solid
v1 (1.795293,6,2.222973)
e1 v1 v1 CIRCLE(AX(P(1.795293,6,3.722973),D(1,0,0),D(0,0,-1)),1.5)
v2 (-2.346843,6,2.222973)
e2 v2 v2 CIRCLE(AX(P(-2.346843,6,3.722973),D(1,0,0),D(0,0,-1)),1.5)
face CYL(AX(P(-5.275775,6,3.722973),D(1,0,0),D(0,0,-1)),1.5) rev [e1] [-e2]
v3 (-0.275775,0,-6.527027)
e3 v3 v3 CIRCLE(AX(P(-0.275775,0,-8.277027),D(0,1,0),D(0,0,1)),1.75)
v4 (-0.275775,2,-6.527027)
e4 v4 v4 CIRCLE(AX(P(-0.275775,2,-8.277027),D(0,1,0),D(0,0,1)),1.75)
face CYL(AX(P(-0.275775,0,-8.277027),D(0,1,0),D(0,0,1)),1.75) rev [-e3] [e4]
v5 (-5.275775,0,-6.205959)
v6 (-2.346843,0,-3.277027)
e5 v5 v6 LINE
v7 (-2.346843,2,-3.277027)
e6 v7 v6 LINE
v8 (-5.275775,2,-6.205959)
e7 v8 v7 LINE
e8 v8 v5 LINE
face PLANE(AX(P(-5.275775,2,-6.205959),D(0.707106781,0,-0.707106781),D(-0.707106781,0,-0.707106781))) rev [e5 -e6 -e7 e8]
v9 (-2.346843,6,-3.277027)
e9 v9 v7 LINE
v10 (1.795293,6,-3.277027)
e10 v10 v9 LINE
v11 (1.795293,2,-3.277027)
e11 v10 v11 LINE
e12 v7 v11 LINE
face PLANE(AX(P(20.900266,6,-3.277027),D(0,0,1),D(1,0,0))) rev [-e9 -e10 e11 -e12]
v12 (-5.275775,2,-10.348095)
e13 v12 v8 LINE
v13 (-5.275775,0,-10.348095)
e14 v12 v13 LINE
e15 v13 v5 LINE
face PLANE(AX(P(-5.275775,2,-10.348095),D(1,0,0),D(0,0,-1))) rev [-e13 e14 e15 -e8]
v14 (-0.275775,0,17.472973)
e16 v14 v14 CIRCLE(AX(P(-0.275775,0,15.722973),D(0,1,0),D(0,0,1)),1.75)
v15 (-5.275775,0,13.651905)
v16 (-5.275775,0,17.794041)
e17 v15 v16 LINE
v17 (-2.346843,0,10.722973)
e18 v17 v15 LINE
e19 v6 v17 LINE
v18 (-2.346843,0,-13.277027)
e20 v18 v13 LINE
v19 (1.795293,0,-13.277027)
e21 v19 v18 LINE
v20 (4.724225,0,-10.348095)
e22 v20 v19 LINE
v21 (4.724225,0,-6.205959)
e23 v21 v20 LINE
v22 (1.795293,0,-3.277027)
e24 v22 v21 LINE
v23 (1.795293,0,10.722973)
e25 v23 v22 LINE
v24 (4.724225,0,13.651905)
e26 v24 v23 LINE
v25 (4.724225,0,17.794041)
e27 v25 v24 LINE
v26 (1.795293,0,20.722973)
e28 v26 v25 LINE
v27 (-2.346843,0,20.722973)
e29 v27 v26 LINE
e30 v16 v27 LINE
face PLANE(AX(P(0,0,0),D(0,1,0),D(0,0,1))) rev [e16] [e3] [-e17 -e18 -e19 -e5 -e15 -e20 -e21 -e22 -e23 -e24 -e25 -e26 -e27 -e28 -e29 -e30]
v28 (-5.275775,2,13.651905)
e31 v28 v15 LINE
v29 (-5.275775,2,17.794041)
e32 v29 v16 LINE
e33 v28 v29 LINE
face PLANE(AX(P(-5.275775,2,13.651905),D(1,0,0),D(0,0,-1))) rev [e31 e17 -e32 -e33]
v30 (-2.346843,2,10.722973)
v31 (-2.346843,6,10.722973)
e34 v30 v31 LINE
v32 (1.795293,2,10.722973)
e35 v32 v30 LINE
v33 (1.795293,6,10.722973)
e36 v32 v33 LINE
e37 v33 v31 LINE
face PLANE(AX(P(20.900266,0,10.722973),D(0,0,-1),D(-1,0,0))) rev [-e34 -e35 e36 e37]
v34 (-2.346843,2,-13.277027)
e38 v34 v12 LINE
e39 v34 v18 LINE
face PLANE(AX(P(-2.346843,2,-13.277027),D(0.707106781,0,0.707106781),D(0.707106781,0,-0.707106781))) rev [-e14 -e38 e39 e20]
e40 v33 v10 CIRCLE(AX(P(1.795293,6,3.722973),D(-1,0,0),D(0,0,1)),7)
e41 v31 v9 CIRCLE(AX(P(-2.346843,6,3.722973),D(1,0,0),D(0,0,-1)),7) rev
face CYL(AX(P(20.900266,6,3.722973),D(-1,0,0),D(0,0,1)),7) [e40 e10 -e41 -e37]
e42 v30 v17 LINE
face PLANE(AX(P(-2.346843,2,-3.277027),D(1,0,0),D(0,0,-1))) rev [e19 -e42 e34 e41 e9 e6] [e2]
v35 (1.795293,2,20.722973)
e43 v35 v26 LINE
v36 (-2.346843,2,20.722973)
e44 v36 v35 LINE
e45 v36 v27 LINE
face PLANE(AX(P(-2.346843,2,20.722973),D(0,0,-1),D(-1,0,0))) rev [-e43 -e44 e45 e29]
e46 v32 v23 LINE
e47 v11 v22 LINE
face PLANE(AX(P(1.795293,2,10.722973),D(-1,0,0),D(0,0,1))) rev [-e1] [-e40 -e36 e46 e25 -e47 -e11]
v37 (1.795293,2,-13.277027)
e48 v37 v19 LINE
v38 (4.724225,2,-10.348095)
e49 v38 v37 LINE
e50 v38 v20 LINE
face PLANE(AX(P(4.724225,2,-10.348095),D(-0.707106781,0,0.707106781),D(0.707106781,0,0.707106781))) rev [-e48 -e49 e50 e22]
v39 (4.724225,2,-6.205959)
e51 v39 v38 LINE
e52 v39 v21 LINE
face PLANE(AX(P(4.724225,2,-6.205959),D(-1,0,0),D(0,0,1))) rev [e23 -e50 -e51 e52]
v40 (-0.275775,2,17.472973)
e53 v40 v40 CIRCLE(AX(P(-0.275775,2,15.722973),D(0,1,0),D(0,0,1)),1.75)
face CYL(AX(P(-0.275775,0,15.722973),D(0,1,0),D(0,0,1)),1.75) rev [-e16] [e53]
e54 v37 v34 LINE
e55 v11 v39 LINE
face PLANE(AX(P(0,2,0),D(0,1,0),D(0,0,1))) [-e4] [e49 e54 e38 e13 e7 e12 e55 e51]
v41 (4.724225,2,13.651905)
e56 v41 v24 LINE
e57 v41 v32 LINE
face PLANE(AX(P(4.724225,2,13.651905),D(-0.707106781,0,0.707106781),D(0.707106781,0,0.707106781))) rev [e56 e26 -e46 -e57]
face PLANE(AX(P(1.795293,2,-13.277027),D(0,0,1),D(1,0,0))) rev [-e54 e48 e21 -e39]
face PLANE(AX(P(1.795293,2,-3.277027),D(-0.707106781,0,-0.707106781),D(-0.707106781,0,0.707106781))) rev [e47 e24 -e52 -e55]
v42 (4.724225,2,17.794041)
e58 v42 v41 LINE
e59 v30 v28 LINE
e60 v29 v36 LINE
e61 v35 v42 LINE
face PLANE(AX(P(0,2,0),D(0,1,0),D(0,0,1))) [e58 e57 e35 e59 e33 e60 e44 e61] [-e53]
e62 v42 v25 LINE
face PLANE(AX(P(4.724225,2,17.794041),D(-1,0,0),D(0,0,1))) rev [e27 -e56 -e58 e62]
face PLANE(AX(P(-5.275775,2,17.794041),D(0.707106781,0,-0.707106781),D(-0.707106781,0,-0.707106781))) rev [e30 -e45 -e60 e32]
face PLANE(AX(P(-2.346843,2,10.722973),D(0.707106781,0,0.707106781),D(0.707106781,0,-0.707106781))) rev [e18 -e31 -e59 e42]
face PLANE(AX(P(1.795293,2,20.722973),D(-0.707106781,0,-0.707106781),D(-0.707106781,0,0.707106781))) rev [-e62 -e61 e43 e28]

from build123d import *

# Parameters (mm, degrees)
BOSS_EXTRU_1_DEPTH             = 2
BOSS_EXTRU_2_REACH             = 23.477
BOSS_EXTRU_2_DIRECTION_2_REACH = 23.477
ESQUISSE6_R                    = 1.5
ENL_V_MAT_EXTRU_3_DEPTH        = 26.464516662
ESQUISSE7_R                    = 1.75
ENL_V_MAT_EXTRU_4_DEPTH        = 25.047357729


with BuildPart() as part:
    # Esquisse1 → Boss.-Extru.1 (new body)
    with BuildSketch(Plane(origin=(0, 0, 0), x_dir=(1, 0, 0), z_dir=(0, 1, 0))):
        Polygon((1.795292522, 13.277027027), (-2.346843102, 13.277027027), (-5.27577529, 10.348094839), (-5.27577529, 6.205959215), (-2.346843102, 3.277027027), (-2.346843102, -10.722972973), (-5.27577529, -13.651905161), (-5.27577529, -17.794040785), (-2.346843102, -20.722972973), (1.795292522, -20.722972973), (4.72422471, -17.794040785), (4.72422471, -13.651905161), (1.795292522, -10.722972973), (1.795292522, 3.277027027), (4.72422471, 6.205959215), (4.72422471, 10.348094839), align=None)
    extrude(amount=BOSS_EXTRU_1_DEPTH)

    # Boss.-Extru.2: up to this face of the body (flat: up to its plane)
    boss_extru_2_end = Plane(part.part.faces().sort_by_distance((1.795292522, 1, 3.722972973))[0])
    # Esquisse3 → Boss.-Extru.2 (add, up to the picked face)
    with BuildSketch(Plane(origin=(0, 0, 0), x_dir=(0, 0, -1), z_dir=(1, 0, 0)), mode=Mode.PRIVATE) as boss_extru_2_sk1:
        with BuildLine():
            Line((-10.722972973, 0), (-10.722972973, 6))
            ThreePointArc((-10.722972973, 6), (-3.722972973, 13), (3.277027027, 6))
            Line((3.277027027, 6), (3.277027027, 0))
            Line((3.277027027, 0), (-10.722972973, 0))
        make_face()
    boss_extru_2_tool1 = split(extrude(boss_extru_2_sk1.sketch, amount=BOSS_EXTRU_2_REACH, mode=Mode.PRIVATE), bisect_by=boss_extru_2_end, keep=Keep.BOTH, mode=Mode.PRIVATE)
    add(boss_extru_2_tool1.solids().sort_by(Axis((0, 5.855045, 3.722973), (1, 0, 0)))[0])

    # Boss.-Extru.2 direction 2: up to this face of the body (flat: up to its plane)
    boss_extru_2_direction_2_end = Plane(part.part.faces().sort_by_distance((-2.346843102, 1, 3.722972973))[0])
    # Esquisse3 → Boss.-Extru.2 direction 2 (add, up to the picked face)
    with BuildSketch(Plane(origin=(0, 0, 0), x_dir=(0, 0, -1), z_dir=(1, 0, 0)), mode=Mode.PRIVATE) as boss_extru_2_direction_2_sk1:
        with BuildLine():
            Line((-10.722972973, 0), (-10.722972973, 6))
            ThreePointArc((-10.722972973, 6), (-3.722972973, 13), (3.277027027, 6))
            Line((3.277027027, 6), (3.277027027, 0))
            Line((3.277027027, 0), (-10.722972973, 0))
        make_face()
    boss_extru_2_direction_2_tool1 = split(extrude(boss_extru_2_direction_2_sk1.sketch, amount=-BOSS_EXTRU_2_DIRECTION_2_REACH, mode=Mode.PRIVATE), bisect_by=boss_extru_2_direction_2_end, keep=Keep.BOTH, mode=Mode.PRIVATE)
    add(boss_extru_2_direction_2_tool1.solids().sort_by(Axis((0, 5.855045, 3.722973), (-1, 0, 0)))[0])

    # Esquisse6 → Enlèv. mat.-Extru.3 (cut, through all)
    with BuildSketch(Plane(origin=(1.795292522, 0, 0), x_dir=(0, 0, -1), z_dir=(1, 0, 0))):
        with Locations((-3.722972973, 6)):
            Circle(ESQUISSE6_R)
    extrude(amount=-ENL_V_MAT_EXTRU_3_DEPTH, mode=Mode.SUBTRACT)

    # Esquisse7 → Enlèv. mat.-Extru.4 (cut, through all)
    with BuildSketch(Plane(origin=(0, 2, 0), x_dir=(1, 0, 0), z_dir=(0, 1, 0))):
        with Locations(Location((-0.27577529, -15.722972973, 0), (0, 0, 270))):
            Circle(ESQUISSE7_R)
        with Locations(Location((-0.27577529, 8.277027027, 0), (0, 0, 270))):
            Circle(ESQUISSE7_R)
    extrude(amount=-ENL_V_MAT_EXTRU_4_DEPTH, mode=Mode.SUBTRACT)


solid = part.part
